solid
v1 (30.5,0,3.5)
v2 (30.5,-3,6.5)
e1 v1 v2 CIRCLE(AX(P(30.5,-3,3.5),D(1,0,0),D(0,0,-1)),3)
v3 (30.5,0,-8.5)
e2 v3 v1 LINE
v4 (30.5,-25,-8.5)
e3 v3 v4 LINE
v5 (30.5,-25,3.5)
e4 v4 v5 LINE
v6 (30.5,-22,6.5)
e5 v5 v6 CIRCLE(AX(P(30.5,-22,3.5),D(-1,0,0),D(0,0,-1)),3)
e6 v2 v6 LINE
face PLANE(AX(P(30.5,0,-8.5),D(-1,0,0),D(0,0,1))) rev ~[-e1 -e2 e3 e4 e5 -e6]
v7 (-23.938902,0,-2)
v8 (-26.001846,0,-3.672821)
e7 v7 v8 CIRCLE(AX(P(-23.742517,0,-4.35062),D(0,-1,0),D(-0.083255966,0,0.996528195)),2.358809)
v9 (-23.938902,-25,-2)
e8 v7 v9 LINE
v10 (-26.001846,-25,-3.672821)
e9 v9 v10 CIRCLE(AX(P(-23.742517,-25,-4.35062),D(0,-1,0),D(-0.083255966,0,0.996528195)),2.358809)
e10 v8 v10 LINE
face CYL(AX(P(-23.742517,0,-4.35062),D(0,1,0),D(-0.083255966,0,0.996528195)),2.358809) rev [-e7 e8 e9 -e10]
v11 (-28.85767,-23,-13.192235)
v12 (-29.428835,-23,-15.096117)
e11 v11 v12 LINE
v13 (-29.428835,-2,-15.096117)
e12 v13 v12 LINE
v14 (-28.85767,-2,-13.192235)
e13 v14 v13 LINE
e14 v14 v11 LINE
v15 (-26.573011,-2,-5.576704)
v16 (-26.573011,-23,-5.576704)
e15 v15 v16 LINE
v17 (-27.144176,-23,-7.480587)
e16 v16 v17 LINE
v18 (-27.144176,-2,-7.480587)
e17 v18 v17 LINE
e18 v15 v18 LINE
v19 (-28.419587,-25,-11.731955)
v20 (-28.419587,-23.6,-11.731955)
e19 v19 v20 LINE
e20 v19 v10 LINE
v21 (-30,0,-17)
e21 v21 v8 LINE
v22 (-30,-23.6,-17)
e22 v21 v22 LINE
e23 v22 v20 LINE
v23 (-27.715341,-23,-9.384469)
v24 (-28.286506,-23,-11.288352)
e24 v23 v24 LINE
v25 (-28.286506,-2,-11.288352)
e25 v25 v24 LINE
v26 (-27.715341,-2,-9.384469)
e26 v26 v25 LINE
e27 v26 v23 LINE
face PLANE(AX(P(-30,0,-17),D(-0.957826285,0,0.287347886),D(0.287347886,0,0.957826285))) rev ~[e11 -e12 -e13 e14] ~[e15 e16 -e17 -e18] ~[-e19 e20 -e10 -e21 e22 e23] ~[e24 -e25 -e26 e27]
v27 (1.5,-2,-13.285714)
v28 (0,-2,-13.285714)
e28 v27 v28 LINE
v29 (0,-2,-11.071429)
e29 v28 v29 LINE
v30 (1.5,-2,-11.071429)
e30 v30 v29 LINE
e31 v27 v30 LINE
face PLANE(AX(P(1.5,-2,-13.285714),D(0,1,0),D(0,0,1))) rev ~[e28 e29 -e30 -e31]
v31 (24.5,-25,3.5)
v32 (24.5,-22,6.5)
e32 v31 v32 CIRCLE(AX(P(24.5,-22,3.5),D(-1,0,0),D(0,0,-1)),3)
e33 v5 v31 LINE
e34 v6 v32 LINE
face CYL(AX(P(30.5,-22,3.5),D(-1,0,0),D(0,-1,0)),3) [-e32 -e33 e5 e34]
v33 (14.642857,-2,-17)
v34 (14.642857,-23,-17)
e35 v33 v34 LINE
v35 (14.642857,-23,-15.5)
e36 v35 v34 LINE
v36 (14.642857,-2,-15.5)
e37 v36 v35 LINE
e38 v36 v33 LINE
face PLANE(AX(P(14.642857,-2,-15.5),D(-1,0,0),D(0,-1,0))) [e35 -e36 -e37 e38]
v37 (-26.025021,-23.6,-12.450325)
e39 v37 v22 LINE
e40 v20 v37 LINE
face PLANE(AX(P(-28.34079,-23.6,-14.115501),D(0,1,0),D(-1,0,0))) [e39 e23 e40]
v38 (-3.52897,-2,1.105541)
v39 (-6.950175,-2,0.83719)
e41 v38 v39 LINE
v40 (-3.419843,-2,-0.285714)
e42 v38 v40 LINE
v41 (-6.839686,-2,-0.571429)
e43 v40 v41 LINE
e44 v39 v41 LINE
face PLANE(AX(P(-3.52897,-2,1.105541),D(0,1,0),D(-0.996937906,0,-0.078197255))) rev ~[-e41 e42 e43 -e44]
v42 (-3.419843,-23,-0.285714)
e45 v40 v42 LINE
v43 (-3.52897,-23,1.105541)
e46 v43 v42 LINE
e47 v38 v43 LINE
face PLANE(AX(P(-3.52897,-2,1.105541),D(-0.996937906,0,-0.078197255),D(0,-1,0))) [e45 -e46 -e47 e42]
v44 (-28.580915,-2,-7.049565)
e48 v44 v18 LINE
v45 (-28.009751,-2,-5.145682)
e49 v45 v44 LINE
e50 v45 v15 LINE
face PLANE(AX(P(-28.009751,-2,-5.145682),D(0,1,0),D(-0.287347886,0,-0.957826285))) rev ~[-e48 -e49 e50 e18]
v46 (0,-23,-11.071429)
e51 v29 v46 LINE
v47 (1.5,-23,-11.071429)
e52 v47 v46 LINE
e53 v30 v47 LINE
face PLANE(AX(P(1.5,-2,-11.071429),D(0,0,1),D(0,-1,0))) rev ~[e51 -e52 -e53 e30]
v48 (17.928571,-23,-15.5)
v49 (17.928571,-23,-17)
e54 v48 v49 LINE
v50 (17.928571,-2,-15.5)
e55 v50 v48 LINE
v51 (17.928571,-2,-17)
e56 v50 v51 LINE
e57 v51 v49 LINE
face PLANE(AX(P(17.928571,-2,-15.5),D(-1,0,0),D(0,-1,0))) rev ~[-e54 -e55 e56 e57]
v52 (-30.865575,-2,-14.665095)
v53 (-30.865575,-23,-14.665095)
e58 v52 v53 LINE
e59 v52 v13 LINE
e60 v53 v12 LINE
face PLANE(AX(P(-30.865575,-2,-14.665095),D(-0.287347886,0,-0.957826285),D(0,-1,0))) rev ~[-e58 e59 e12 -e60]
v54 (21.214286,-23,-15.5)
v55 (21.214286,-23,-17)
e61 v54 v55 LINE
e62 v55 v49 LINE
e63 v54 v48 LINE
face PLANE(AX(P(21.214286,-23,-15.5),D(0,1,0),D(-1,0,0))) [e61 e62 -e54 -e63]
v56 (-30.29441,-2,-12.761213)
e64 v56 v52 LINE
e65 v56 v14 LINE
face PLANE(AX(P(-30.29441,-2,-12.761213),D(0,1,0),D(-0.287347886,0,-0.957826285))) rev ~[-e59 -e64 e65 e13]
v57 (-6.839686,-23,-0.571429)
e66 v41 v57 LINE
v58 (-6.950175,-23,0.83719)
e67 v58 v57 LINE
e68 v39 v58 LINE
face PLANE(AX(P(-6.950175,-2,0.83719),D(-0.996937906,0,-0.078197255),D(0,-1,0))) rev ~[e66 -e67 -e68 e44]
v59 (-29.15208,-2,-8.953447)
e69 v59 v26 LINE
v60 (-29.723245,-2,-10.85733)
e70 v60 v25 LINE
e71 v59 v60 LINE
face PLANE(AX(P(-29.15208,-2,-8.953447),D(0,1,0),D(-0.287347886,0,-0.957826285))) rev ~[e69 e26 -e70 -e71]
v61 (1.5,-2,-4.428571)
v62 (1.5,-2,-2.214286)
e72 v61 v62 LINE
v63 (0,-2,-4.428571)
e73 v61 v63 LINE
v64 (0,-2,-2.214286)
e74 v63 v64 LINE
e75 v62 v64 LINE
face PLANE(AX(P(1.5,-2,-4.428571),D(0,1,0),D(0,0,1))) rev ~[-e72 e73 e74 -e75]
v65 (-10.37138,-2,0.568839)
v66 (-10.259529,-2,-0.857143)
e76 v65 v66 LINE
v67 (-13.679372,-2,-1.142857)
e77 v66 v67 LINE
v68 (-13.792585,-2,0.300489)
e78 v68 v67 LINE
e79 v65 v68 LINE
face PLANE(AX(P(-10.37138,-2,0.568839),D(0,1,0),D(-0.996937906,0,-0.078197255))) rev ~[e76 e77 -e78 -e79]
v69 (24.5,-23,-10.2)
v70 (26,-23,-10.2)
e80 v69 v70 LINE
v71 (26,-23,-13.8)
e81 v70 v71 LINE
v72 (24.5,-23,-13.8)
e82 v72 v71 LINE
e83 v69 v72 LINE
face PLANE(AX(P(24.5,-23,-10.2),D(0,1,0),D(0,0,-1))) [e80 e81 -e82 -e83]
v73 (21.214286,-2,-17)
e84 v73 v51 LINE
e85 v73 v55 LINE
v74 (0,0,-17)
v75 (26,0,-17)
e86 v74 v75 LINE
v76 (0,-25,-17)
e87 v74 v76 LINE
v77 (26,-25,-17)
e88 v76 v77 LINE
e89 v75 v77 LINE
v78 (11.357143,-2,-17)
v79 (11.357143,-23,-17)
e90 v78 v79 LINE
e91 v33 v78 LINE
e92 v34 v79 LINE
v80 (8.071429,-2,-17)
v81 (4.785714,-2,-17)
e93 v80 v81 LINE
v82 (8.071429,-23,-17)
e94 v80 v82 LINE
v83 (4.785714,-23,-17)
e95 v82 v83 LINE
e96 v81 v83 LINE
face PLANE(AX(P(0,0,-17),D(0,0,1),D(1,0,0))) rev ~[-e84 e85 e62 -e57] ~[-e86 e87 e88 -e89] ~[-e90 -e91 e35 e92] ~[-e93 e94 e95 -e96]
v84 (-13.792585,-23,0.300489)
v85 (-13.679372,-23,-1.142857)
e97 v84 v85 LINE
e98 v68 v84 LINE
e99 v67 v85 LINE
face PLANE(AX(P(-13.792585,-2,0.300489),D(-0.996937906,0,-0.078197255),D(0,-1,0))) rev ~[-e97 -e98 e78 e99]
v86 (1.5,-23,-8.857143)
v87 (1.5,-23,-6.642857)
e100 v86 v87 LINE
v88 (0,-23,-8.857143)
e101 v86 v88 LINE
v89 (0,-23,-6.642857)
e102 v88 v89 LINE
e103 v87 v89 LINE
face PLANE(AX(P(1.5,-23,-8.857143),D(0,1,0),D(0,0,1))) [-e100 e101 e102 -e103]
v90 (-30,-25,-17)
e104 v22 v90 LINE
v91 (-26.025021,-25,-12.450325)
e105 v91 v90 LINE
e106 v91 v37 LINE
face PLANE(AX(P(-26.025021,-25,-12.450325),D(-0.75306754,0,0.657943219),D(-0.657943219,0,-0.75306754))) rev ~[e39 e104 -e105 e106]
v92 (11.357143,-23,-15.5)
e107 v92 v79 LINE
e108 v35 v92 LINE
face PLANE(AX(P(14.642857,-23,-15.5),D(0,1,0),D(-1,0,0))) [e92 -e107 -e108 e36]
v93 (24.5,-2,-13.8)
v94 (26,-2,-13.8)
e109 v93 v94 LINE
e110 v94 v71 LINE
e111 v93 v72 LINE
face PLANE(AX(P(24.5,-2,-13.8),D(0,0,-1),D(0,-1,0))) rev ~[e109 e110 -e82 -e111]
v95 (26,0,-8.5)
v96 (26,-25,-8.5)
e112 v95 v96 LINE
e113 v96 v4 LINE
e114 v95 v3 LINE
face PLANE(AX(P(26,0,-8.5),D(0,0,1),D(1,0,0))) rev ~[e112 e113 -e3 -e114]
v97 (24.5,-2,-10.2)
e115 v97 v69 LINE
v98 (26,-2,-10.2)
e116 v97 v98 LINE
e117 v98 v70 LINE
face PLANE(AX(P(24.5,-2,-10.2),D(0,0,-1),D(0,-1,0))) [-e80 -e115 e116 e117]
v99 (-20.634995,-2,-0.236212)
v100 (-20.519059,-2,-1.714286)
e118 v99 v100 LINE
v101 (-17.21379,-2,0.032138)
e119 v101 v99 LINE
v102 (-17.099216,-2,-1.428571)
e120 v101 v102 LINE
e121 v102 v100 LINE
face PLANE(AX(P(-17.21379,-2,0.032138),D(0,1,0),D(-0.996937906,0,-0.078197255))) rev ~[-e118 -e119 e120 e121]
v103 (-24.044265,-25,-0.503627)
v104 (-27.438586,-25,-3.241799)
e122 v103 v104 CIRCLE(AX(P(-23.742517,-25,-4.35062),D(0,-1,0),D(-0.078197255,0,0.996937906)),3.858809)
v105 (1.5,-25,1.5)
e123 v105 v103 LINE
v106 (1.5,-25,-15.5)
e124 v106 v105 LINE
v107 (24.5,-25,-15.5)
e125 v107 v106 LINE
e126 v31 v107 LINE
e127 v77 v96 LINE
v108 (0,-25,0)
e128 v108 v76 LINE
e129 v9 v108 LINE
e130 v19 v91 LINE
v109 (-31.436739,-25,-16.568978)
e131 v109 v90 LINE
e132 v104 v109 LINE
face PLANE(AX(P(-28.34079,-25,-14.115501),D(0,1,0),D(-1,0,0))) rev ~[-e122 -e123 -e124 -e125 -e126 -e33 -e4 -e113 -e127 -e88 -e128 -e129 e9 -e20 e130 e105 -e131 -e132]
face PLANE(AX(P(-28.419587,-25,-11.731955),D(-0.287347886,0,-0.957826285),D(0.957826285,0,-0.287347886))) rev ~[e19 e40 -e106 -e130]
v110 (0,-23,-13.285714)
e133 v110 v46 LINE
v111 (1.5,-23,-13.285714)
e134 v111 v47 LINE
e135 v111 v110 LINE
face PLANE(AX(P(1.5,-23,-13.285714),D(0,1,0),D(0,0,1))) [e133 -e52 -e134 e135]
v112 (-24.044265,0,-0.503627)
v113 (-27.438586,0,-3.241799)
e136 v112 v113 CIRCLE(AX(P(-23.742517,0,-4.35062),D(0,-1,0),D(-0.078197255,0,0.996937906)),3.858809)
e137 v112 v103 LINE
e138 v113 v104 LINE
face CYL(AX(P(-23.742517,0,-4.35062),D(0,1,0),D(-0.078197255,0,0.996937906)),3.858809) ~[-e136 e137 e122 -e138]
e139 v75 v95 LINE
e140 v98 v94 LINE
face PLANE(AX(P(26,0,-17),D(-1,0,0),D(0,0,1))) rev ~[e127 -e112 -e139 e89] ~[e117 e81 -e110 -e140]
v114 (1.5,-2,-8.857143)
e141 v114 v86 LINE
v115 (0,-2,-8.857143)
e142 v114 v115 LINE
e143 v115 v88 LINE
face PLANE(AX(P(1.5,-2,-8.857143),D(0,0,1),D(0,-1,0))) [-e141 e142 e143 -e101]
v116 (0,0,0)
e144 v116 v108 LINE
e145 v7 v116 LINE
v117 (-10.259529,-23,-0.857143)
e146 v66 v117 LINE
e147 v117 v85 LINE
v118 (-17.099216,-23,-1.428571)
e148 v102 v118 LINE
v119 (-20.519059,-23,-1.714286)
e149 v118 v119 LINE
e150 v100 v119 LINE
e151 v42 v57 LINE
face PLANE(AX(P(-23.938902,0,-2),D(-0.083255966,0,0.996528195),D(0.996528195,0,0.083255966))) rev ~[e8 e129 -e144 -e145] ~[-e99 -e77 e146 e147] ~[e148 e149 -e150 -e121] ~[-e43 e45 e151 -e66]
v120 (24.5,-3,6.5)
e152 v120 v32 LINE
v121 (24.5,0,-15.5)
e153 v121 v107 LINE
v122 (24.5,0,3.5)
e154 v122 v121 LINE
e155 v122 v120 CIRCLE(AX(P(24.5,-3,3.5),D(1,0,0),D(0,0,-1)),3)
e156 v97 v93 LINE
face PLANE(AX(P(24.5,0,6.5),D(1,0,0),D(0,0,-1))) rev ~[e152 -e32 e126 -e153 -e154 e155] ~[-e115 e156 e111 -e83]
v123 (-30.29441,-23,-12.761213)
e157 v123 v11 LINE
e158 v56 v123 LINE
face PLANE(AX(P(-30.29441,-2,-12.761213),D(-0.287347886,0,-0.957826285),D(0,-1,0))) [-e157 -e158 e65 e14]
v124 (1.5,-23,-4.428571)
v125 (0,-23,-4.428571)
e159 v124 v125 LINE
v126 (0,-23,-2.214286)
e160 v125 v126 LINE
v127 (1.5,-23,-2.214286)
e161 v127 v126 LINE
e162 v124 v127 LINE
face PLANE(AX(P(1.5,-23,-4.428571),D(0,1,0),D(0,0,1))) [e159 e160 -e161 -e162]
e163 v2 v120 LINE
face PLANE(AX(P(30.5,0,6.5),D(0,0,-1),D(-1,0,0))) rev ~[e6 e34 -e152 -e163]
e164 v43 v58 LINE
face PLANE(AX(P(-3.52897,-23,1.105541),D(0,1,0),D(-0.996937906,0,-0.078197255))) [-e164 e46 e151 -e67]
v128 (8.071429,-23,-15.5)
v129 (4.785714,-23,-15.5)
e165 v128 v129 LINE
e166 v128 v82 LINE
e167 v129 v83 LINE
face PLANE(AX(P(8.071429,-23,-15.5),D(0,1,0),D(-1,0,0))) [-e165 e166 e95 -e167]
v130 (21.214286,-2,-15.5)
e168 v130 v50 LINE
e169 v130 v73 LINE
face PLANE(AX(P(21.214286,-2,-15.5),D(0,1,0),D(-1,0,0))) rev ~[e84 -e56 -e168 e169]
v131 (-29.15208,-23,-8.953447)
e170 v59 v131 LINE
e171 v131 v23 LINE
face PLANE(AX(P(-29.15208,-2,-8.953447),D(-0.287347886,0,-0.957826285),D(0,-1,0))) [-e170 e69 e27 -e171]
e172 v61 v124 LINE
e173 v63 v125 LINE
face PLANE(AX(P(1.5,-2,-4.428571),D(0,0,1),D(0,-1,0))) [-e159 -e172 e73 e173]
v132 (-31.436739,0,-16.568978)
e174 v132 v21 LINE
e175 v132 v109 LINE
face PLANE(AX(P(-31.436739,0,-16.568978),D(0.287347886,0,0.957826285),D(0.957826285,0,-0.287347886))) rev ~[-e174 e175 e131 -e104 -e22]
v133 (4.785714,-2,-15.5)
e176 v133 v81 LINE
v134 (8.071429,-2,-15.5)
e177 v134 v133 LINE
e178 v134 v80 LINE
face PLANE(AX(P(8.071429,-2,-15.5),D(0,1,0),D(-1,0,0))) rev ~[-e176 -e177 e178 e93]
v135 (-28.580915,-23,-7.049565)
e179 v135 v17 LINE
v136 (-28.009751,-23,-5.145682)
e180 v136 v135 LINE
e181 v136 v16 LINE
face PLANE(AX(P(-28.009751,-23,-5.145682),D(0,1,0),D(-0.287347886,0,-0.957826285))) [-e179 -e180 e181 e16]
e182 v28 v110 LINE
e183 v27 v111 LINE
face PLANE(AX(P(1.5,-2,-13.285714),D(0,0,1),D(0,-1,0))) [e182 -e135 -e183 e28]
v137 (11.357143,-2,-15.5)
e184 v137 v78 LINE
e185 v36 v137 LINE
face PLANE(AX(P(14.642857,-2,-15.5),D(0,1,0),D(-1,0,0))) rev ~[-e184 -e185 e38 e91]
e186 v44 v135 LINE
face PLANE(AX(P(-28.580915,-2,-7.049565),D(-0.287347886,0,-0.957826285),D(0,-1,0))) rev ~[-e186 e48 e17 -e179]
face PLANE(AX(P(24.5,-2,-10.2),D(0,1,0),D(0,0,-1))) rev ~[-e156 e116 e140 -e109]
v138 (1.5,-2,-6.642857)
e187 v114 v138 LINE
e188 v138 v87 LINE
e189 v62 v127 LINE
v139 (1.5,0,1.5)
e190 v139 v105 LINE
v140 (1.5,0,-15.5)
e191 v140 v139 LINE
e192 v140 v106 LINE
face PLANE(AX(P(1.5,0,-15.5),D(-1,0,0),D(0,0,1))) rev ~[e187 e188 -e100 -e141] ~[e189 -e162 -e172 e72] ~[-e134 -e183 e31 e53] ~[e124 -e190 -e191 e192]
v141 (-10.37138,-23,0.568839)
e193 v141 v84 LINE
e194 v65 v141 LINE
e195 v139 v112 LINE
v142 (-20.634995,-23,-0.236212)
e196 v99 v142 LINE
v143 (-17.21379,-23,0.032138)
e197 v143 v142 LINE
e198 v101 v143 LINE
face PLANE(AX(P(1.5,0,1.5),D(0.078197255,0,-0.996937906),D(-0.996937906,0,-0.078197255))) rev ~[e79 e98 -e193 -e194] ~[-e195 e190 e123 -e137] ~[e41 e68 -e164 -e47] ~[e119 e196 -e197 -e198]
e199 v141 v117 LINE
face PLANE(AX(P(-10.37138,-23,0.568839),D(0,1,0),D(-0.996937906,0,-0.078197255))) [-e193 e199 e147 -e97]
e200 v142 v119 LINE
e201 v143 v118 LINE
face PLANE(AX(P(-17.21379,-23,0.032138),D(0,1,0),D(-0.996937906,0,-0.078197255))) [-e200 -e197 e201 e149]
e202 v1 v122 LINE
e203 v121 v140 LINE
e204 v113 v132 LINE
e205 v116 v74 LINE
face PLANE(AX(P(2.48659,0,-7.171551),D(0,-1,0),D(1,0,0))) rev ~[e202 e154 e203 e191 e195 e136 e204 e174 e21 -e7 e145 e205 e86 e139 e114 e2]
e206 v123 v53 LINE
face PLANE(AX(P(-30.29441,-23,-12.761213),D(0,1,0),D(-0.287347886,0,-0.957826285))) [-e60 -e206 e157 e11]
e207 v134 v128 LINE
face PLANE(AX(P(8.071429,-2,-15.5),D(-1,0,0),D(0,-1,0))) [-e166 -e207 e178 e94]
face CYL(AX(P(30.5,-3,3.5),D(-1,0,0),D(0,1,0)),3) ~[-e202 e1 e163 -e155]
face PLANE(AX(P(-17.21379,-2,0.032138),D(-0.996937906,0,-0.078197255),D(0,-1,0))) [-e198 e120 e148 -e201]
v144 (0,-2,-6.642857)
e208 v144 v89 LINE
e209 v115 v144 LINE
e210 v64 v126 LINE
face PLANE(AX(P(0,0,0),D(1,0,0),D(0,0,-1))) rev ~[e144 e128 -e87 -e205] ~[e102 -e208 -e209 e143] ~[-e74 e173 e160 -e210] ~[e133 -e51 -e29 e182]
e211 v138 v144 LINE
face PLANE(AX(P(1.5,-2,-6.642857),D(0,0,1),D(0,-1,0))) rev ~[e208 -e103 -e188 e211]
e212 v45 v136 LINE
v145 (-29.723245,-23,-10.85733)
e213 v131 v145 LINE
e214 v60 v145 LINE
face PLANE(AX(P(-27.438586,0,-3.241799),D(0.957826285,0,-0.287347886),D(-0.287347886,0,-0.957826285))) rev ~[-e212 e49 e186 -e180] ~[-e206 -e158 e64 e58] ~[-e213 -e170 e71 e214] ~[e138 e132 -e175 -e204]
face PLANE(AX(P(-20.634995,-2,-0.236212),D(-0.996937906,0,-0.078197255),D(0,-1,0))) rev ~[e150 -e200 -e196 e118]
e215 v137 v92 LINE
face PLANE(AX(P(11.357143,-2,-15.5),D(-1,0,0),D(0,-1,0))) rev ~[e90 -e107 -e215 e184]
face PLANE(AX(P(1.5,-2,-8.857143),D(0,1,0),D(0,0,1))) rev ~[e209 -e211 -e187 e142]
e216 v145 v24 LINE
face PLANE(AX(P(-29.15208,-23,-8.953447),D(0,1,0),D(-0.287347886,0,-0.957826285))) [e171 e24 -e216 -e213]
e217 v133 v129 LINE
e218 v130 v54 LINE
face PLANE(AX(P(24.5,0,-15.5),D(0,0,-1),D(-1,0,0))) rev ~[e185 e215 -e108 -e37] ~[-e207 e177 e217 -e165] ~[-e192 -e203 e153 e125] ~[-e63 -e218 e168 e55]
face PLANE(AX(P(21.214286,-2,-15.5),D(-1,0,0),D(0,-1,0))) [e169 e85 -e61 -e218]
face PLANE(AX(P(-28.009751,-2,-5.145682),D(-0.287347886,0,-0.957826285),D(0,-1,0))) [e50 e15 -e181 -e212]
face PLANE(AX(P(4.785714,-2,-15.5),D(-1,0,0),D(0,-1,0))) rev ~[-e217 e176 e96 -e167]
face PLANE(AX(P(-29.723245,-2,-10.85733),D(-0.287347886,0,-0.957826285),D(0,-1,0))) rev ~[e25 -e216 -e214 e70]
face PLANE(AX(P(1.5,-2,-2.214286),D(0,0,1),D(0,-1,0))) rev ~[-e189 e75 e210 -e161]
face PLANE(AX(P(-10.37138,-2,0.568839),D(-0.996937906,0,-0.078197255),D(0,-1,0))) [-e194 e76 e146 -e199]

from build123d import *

# Parameters (mm, degrees)
PAD_DEPTH       = 25
SKETCH001_W     = 3.2857142857
SKETCH001_H     = 21
POCKET_DEPTH    = 1.501
SKETCH002_W     = 2.2142857143
SKETCH002_H     = 21
POCKET001_DEPTH = 1.5
SKETCH003_W     = 3.4317132954
SKETCH003_H     = 21
POCKET002_DEPTH = 20.7120716736
SKETCH004_W     = 1.9877118903
SKETCH004_H     = 21
POCKET003_DEPTH = 1.5
FILLET_R        = 3
PAD001_DEPTH    = 1.4
SKETCH006_W     = 3.6
SKETCH006_H     = 21
POCKET004_DEPTH = 6.001


with BuildPart() as part:
    # Sketch → Pad (new body)
    with BuildSketch(Plane.XZ):
        with BuildLine():
            Line((0, 0), (0, -17))
            Line((0, -17), (26, -17))
            Line((26, -17), (26, -8.5))
            Line((26, -8.5), (30.5, -8.5))
            Line((30.5, -8.5), (30.5, 6.5))
            Line((30.5, 6.5), (24.5, 6.5))
            Line((24.5, 6.5), (24.5, -15.5))
            Line((24.5, -15.5), (1.5, -15.5))
            Line((1.5, -15.5), (1.5, 1.5))
            Line((1.5, 1.5), (-24.044265063, -0.50362671))
            ThreePointArc((-24.044265063, -0.50362671), (-26.165331878, -1.347225864), (-27.4385857662, -3.2417992996))
            Line((-27.4385857662, -3.2417992996), (-31.4367394278, -16.5689781716))
            Line((-31.4367394278, -16.5689781716), (-30, -17))
            Line((-30, -17), (-26.0018463384, -3.6728211279))
            ThreePointArc((-23.9389017142, -2), (-25.2281870129, -2.5184722585), (-26.0018463384, -3.6728211279))
            Line((-23.9389017142, -2), (0, 0))
        make_face()
    extrude(amount=PAD_DEPTH)

    # Sketch001 → Pocket (cut, through all)
    with BuildSketch(Plane(origin=(0, 0, -15.5), x_dir=(-1, 0, 0), z_dir=(0, 0, 1))):
        with Locations((-6.4285714286, 12.5)):
            Rectangle(SKETCH001_W, SKETCH001_H)
        with Locations((-13, 12.5)):
            Rectangle(SKETCH001_W, SKETCH001_H)
        with Locations((-19.5714285714, 12.5)):
            Rectangle(SKETCH001_W, SKETCH001_H)
    extrude(amount=-POCKET_DEPTH, mode=Mode.SUBTRACT)

    # Sketch002 → Pocket001 (cut)
    with BuildSketch(Plane(origin=(1.5, 0, 0), x_dir=(0, 0, 1), z_dir=(1, 0, 0))):
        with Locations((-3.3214285714, 12.5)):
            Rectangle(SKETCH002_W, SKETCH002_H)
        with Locations((-7.75, 12.5)):
            Rectangle(SKETCH002_W, SKETCH002_H)
        with Locations((-12.1785714286, 12.5)):
            Rectangle(SKETCH002_W, SKETCH002_H)
    extrude(amount=-POCKET001_DEPTH, mode=Mode.SUBTRACT)

    # Sketch003 → Pocket002 (cut, through all)
    with BuildSketch(Plane(origin=(-0.1077644959, 0, 1.3738910718), x_dir=(-0.9969379064, 0, -0.0781972553), z_dir=(-0.0781972553, 0, 0.9969379064))):
        with Locations((18.8744231246, 12.5)):
            Rectangle(SKETCH003_W, SKETCH003_H)
        with Locations((12.0109965338, 12.5)):
            Rectangle(SKETCH003_W, SKETCH003_H)
        with Locations((5.1475699431, 12.5)):
            Rectangle(SKETCH003_W, SKETCH003_H)
    extrude(amount=-POCKET002_DEPTH, mode=Mode.SUBTRACT)

    # Sketch004 → Pocket003 (cut)
    with BuildSketch(Plane(origin=(-24.2807761251, 0, 7.2842328375), x_dir=(-0.2873478856, 0, -0.9578262852), z_dir=(-0.9578262852, 0, 0.2873478856))):
        with Locations((21.9219155803, 12.5)):
            Rectangle(SKETCH004_W, SKETCH004_H)
        with Locations((17.9464917996, 12.5)):
            Rectangle(SKETCH004_W, SKETCH004_H)
        with Locations((13.9710680189, 12.5)):
            Rectangle(SKETCH004_W, SKETCH004_H)
    extrude(amount=-POCKET003_DEPTH, mode=Mode.SUBTRACT)

    # Fillet
    fillet_edges = [part.edges().sort_by_distance(p)[0] for p in [
        (27.5, -25, 6.5),
        (27.5, 0, 6.5),
    ]]
    fillet(fillet_edges, radius=FILLET_R)

    # Sketch005 → Pad001 (new body)
    with BuildSketch(Plane.XZ.offset(25)):
        Polygon((-28.4195866294, -11.7319554313), (-26.0250209163, -12.4503251452), (-30, -17), align=None)
    extrude(amount=-PAD001_DEPTH)

    # Sketch006 → Pocket004 (cut, through all)
    with BuildSketch(Plane(origin=(24.5, 0, 0), x_dir=(0, 0, -1), z_dir=(-1, 0, 0))):
        with Locations((12, 12.5)):
            Rectangle(SKETCH006_W, SKETCH006_H)
    extrude(amount=-POCKET004_DEPTH, mode=Mode.SUBTRACT)


solid = part.part
